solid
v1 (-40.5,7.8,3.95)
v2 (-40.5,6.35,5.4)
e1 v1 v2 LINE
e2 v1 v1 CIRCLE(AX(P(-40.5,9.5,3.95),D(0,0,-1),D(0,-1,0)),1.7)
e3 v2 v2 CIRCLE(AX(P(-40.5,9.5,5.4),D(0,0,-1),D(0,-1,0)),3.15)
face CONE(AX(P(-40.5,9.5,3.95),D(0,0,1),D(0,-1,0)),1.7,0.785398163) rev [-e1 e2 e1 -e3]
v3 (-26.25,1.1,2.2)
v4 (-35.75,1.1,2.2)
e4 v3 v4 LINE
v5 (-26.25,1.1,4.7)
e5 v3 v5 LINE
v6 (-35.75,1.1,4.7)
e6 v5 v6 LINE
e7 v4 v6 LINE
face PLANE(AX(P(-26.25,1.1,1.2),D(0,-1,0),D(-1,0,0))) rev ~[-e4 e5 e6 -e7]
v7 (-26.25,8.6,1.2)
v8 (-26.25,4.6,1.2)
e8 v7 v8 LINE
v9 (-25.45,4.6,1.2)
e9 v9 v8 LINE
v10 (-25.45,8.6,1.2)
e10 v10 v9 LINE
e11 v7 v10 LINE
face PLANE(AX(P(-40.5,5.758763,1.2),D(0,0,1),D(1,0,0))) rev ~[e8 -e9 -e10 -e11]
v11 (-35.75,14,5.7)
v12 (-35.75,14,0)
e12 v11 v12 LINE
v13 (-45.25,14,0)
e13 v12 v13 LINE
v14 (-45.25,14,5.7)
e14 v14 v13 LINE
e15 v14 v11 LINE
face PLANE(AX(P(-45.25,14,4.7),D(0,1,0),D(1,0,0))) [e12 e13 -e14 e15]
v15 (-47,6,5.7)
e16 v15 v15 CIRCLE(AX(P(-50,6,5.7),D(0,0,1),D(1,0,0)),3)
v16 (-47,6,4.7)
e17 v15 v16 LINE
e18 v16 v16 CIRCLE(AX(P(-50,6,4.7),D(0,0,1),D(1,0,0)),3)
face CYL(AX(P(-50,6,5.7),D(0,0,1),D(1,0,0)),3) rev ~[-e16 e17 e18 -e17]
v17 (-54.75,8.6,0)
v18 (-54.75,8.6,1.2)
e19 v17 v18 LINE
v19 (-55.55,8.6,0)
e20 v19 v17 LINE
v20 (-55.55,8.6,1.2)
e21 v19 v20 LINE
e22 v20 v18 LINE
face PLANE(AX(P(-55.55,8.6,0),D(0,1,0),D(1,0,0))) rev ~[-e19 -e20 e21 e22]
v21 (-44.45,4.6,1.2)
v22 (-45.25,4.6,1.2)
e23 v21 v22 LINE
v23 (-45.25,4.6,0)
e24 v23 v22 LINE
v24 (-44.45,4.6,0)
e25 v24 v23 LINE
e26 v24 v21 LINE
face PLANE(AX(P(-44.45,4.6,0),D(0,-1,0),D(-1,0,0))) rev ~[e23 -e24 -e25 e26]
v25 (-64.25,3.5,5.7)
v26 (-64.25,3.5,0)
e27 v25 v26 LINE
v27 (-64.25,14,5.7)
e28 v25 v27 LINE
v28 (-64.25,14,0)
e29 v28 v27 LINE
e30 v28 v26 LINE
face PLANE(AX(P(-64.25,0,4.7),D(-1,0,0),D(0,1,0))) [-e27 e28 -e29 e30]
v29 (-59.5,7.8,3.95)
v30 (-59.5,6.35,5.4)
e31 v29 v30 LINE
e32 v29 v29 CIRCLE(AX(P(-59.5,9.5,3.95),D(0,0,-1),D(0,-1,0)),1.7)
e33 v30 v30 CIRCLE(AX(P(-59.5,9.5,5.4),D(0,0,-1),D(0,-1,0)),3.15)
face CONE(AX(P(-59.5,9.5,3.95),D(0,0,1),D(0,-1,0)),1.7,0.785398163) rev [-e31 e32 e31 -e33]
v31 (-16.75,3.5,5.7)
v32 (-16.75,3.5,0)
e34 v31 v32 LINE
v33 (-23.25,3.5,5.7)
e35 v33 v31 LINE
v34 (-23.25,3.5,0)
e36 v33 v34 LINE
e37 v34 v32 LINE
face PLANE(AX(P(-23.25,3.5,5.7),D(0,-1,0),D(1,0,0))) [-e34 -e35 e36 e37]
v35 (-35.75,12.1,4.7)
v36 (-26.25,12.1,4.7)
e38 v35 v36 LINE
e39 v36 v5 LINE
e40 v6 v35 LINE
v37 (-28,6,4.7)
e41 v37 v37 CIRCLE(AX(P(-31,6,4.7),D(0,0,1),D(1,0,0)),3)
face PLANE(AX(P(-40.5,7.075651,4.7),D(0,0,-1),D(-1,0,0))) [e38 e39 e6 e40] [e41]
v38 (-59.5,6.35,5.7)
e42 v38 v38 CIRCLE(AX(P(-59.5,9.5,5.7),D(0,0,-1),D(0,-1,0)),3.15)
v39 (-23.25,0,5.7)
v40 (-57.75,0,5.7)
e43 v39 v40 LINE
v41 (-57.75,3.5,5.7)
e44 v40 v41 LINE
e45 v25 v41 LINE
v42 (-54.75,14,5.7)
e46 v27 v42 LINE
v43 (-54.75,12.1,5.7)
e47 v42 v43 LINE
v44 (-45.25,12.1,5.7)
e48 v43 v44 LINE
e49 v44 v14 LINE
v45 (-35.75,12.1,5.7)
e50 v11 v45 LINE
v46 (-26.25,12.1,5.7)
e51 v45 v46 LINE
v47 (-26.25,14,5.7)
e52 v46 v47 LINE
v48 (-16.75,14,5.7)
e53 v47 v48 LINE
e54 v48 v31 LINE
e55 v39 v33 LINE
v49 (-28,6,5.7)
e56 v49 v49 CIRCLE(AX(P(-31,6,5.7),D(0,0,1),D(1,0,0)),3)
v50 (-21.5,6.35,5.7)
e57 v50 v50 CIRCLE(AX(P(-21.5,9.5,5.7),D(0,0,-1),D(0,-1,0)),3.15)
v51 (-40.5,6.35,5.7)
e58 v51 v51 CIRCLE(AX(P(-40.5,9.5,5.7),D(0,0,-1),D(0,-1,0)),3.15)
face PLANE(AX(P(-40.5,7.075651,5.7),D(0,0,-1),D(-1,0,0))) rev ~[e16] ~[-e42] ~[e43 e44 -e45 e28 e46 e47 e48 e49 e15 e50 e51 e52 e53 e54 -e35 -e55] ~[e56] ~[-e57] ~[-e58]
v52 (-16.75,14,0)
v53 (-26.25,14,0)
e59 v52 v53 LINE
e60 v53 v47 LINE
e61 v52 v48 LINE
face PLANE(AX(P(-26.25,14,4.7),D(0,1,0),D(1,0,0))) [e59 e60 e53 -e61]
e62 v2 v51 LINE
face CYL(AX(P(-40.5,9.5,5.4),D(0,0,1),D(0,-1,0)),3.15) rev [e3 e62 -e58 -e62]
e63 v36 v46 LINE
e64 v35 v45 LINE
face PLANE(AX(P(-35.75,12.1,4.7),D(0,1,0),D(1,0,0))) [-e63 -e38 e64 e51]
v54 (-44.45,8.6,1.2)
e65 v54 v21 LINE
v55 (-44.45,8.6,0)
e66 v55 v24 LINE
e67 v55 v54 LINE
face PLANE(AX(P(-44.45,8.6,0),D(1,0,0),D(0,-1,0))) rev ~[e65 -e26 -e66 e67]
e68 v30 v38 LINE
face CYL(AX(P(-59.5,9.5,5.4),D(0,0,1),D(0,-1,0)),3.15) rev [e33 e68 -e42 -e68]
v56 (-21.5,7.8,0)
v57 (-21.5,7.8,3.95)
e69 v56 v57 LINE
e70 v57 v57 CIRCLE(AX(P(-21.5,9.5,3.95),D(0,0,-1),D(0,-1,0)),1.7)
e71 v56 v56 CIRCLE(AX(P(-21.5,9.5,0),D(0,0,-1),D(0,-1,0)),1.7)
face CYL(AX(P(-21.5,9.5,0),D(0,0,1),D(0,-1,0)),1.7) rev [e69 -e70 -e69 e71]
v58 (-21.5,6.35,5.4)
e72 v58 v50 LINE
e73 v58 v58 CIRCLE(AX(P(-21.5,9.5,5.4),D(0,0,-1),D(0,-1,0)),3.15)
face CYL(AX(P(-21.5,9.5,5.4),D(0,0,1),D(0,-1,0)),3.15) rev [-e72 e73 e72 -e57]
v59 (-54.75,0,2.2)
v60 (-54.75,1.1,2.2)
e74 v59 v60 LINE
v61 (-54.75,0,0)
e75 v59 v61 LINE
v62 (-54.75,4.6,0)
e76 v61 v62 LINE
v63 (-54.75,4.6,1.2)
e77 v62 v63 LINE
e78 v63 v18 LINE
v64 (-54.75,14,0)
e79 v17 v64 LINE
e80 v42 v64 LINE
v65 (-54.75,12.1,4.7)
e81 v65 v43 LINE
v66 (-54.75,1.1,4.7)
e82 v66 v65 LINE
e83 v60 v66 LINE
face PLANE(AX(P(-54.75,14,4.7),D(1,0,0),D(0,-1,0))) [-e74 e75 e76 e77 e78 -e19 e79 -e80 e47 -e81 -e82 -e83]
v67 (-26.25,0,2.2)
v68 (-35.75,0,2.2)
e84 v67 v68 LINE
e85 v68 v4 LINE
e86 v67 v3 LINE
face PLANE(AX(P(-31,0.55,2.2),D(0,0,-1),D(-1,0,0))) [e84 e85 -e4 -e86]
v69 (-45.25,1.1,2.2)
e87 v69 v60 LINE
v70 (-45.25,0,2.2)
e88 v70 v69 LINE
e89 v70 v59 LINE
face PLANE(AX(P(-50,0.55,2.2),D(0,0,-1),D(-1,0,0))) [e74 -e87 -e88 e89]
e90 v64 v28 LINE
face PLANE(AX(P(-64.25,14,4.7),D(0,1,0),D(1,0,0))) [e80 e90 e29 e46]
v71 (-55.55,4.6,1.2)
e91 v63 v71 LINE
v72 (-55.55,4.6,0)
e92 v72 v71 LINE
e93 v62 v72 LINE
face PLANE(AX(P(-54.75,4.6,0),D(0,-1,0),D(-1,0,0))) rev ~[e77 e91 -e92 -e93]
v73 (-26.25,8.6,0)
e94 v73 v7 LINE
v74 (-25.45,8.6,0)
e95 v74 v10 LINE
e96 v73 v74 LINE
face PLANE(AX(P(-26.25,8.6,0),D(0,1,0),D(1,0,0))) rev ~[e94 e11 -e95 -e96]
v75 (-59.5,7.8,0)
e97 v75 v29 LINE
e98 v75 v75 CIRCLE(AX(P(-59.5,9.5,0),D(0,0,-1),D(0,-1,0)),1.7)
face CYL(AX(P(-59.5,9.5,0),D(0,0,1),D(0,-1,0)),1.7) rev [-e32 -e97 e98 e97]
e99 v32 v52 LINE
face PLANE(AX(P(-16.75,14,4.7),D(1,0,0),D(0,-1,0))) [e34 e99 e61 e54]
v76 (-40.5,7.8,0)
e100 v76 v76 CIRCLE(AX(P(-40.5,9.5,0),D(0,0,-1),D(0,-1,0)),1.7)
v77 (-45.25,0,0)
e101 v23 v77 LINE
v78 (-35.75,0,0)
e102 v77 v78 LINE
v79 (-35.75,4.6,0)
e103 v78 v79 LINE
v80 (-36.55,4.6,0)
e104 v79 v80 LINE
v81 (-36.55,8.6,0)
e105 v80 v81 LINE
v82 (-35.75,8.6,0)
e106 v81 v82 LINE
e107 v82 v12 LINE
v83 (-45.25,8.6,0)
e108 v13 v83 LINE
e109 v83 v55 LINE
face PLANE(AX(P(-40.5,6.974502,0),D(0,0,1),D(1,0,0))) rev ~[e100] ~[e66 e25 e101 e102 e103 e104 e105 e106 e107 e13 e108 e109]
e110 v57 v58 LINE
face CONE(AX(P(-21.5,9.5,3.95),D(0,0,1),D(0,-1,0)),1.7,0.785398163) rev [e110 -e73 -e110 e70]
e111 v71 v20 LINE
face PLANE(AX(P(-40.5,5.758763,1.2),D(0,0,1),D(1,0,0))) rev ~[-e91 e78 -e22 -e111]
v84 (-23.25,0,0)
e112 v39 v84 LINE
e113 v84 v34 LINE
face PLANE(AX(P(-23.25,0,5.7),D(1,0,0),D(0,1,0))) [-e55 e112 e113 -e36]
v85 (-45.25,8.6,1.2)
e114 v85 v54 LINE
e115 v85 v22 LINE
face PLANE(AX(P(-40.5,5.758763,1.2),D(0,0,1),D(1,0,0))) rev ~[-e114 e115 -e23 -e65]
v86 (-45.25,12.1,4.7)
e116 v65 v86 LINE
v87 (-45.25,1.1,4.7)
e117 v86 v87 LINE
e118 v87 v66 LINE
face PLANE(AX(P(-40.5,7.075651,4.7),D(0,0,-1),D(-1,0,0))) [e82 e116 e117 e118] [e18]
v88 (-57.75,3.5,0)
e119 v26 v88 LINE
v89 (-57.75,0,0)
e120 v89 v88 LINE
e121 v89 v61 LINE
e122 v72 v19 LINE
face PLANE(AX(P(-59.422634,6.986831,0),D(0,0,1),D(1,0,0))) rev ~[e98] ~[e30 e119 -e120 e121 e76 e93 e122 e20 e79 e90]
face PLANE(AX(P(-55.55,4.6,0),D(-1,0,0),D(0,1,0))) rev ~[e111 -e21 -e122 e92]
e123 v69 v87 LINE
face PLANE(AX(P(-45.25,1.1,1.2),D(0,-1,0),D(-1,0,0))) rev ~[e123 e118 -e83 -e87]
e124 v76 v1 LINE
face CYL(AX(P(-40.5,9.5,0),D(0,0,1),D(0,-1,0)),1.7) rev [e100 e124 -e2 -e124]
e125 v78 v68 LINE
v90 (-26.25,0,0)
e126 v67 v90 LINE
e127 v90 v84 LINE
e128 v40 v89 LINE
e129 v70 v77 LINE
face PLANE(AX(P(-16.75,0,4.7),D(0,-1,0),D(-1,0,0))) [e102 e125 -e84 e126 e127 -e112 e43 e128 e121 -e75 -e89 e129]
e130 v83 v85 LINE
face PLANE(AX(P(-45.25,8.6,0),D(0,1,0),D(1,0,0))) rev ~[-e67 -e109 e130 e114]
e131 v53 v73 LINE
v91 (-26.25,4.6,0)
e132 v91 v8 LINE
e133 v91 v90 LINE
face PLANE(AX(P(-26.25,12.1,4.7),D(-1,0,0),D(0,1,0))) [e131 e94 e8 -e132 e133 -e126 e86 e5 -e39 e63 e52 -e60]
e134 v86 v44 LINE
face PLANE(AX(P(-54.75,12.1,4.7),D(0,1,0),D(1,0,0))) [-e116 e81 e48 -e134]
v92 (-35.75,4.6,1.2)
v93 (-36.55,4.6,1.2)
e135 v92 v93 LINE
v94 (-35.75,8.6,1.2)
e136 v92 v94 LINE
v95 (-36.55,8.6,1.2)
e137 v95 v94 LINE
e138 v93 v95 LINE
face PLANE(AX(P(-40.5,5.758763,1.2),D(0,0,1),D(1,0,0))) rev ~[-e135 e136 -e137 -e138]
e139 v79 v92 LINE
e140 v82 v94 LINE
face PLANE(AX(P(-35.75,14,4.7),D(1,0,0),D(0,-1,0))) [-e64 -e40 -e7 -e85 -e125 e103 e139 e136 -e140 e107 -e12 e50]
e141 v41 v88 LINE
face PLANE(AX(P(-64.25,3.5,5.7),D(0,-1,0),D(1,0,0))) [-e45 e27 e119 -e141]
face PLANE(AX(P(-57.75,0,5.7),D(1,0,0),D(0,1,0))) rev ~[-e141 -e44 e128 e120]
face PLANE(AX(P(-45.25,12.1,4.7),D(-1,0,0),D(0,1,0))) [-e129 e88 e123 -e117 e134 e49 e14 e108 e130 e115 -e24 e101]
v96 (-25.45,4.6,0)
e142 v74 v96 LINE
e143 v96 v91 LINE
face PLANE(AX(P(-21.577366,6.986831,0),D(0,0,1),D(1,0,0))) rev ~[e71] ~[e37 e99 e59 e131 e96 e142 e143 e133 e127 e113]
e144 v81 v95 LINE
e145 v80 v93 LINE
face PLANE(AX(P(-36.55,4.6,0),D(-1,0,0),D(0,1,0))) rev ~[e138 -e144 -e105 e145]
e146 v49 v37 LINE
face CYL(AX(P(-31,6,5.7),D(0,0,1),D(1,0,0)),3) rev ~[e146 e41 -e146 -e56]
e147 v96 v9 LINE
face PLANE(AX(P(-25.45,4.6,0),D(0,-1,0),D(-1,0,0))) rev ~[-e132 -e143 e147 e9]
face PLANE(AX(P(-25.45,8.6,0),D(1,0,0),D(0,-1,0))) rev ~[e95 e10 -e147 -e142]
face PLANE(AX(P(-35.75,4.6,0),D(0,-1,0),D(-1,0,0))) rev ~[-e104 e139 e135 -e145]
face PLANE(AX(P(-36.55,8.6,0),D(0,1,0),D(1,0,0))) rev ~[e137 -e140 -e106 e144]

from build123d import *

# Parameters (mm, degrees)
SKETCH1_R                                    = 1.5
BOSS_EXTRUDE1_DEPTH                          = 1.2
BOSS_EXTRUDE1_2_DEPTH                        = 1.2
BOSS_EXTRUDE1_3_DEPTH                        = 1.2
SKETCH2_R                                    = 1.5
BOSS_EXTRUDE2_DEPTH                          = 3.5
SKETCH3_R                                    = 1.5
BOSS_EXTRUDE3_DEPTH                          = 1
CSK_FOR_M3_COUNTERSUNK_FLAT_HEAD_SCR_2_COUNT = 2
CSK_FOR_M3_COUNTERSUNK_FLAT_HEAD_SCR_2_PITCH = 19
CSK_FOR_M3_COUNTERSUNK_FLAT_HEAD_SCR_3_COUNT = 2
CSK_FOR_M3_COUNTERSUNK_FLAT_HEAD_SCR_3_PITCH = 38
SKETCH7_R                                    = 3
CUT_EXTRUDE1_DEPTH                           = 67.004185473
SKETCH8_W                                    = 6.5
SKETCH8_H                                    = 3.5
CUT_EXTRUDE2_DEPTH                           = 67.004185473
SKETCH10_W                                   = 9.5
SKETCH10_H                                   = 1.1
CUT_EXTRUDE3_DEPTH                           = 1


with BuildPart() as part:
    # Sketch1 → Boss-Extrude1 (new body)
    with BuildSketch(Plane.XY):
        Polygon((-55.55, 8.6), (-54.75, 8.6), (-54.75, 14), (-64.25, 14), (-64.25, 0), (-54.75, 0), (-54.75, 4.6), (-55.55, 4.6), align=None)
        with Locations((-59.5, 9.5)):
            Circle(SKETCH1_R, mode=Mode.SUBTRACT)
    extrude(amount=BOSS_EXTRUDE1_DEPTH)



with BuildPart() as body_2:
    # Sketch1 → Boss-Extrude1 2 (new body)
    with BuildSketch(Plane.XY):
        Polygon((-45.25, 4.6), (-45.25, 0), (-35.75, 0), (-35.75, 4.6), (-36.55, 4.6), (-36.55, 8.6), (-35.75, 8.6), (-35.75, 14), (-45.25, 14), (-45.25, 8.6), (-44.45, 8.6), (-44.45, 4.6), align=None)
        with Locations((-40.5, 9.5)):
            Circle(SKETCH1_R, mode=Mode.SUBTRACT)
    extrude(amount=BOSS_EXTRUDE1_2_DEPTH)


with BuildPart() as body_3:
    # Sketch1 → Boss-Extrude1 3 (new body)
    with BuildSketch(Plane.XY):
        Polygon((-26.25, 4.6), (-26.25, 0), (-16.75, 0), (-16.75, 14), (-26.25, 14), (-26.25, 8.6), (-25.45, 8.6), (-25.45, 4.6), align=None)
        with Locations((-21.5, 9.5)):
            Circle(SKETCH1_R, mode=Mode.SUBTRACT)
    extrude(amount=BOSS_EXTRUDE1_3_DEPTH)


with BuildPart() as part_1:
    add(part.part)

    add(body_2.part)  # Boss-Extrude2 merges body 2

    add(body_3.part)  # Boss-Extrude2 merges body 3
    # Sketch2 → Boss-Extrude2 (add)
    with BuildSketch(Plane.XY.offset(1.2)):
        Polygon((-54.75, 14), (-64.25, 14), (-64.25, 0), (-16.75, 0), (-16.75, 14), (-26.25, 14), (-26.25, 1.1), (-35.75, 1.1), (-35.75, 14), (-45.25, 14), (-45.25, 1.1), (-54.75, 1.1), align=None)
        with Locations((-59.5, 9.5)):
            Circle(SKETCH2_R, mode=Mode.SUBTRACT)
        with Locations((-40.5, 9.5)):
            Circle(SKETCH2_R, mode=Mode.SUBTRACT)
        with Locations((-21.5, 9.5)):
            Circle(SKETCH2_R, mode=Mode.SUBTRACT)
    extrude(amount=BOSS_EXTRUDE2_DEPTH)

    # Sketch3 → Boss-Extrude3 (add)
    with BuildSketch(Plane.XY.offset(4.7)):
        Polygon((-64.25, 14), (-54.75, 14), (-54.75, 12.1), (-45.25, 12.1), (-45.25, 14), (-35.75, 14), (-35.75, 12.1), (-26.25, 12.1), (-26.25, 14), (-16.75, 14), (-16.75, 0), (-64.25, 0), align=None)
        with Locations((-59.5, 9.5)):
            Circle(SKETCH3_R, mode=Mode.SUBTRACT)
        with Locations((-40.5, 9.5)):
            Circle(SKETCH3_R, mode=Mode.SUBTRACT)
        with Locations((-21.5, 9.5)):
            Circle(SKETCH3_R, mode=Mode.SUBTRACT)
    extrude(amount=BOSS_EXTRUDE3_DEPTH)

    # Sketch6 → CSK for M3 Countersunk Flat Head Screw1 (revolve, cut)
    with BuildSketch(Plane(origin=(-59.5, 9.5, 5.7), x_dir=(0, -1, 0), z_dir=(1, 0, 0))):
        Polygon((0, 0), (0, 5.7), (1.7, 5.7), (1.7, 1.75), (3.15, 0.3), (3.15, 0), align=None)
    csk_for_m3_countersunk_flat_head_screw1 = revolve(axis=Axis((-59.5, 9.5, 12.05), (0, 0, -1)), mode=Mode.SUBTRACT)

    # CSK for M3 Countersunk Flat Head Scr 2: CSK for M3 Countersunk Flat Head Screw1 ×2
    with Locations(*[(i * CSK_FOR_M3_COUNTERSUNK_FLAT_HEAD_SCR_2_PITCH, 0, 0) for i in range(1, CSK_FOR_M3_COUNTERSUNK_FLAT_HEAD_SCR_2_COUNT)]):
        add(csk_for_m3_countersunk_flat_head_screw1, mode=Mode.SUBTRACT)

    # CSK for M3 Countersunk Flat Head Scr 3: CSK for M3 Countersunk Flat Head Screw1 ×2
    with Locations(*[(i * CSK_FOR_M3_COUNTERSUNK_FLAT_HEAD_SCR_3_PITCH, 0, 0) for i in range(1, CSK_FOR_M3_COUNTERSUNK_FLAT_HEAD_SCR_3_COUNT)]):
        add(csk_for_m3_countersunk_flat_head_screw1, mode=Mode.SUBTRACT)

    # Sketch7 → Cut-Extrude1 (cut, through all)
    with BuildSketch(Plane.XY.offset(5.7)):
        with Locations((-50, 6)):
            Circle(SKETCH7_R)
        with Locations((-31, 6)):
            Circle(SKETCH7_R)
    extrude(amount=-CUT_EXTRUDE1_DEPTH, mode=Mode.SUBTRACT)

    # Sketch8 → Cut-Extrude2 (cut, through all)
    with BuildSketch(Plane.XY.offset(5.7)):
        with Locations((-61, 1.75)):
            Rectangle(SKETCH8_W, SKETCH8_H)
        with Locations((-20, 1.75)):
            Rectangle(SKETCH8_W, SKETCH8_H)
    extrude(amount=-CUT_EXTRUDE2_DEPTH, mode=Mode.SUBTRACT)

    # Sketch10 → Cut-Extrude3 (cut)
    with BuildSketch(Plane(origin=(0, 0, 1.2), x_dir=(-1, 0, 0), z_dir=(0, 0, -1))):
        with Locations((31, 0.55)):
            Rectangle(SKETCH10_W, SKETCH10_H)
        with Locations((50, 0.55)):
            Rectangle(SKETCH10_W, SKETCH10_H)
    extrude(amount=-CUT_EXTRUDE3_DEPTH, mode=Mode.SUBTRACT)


solid = part_1.part
